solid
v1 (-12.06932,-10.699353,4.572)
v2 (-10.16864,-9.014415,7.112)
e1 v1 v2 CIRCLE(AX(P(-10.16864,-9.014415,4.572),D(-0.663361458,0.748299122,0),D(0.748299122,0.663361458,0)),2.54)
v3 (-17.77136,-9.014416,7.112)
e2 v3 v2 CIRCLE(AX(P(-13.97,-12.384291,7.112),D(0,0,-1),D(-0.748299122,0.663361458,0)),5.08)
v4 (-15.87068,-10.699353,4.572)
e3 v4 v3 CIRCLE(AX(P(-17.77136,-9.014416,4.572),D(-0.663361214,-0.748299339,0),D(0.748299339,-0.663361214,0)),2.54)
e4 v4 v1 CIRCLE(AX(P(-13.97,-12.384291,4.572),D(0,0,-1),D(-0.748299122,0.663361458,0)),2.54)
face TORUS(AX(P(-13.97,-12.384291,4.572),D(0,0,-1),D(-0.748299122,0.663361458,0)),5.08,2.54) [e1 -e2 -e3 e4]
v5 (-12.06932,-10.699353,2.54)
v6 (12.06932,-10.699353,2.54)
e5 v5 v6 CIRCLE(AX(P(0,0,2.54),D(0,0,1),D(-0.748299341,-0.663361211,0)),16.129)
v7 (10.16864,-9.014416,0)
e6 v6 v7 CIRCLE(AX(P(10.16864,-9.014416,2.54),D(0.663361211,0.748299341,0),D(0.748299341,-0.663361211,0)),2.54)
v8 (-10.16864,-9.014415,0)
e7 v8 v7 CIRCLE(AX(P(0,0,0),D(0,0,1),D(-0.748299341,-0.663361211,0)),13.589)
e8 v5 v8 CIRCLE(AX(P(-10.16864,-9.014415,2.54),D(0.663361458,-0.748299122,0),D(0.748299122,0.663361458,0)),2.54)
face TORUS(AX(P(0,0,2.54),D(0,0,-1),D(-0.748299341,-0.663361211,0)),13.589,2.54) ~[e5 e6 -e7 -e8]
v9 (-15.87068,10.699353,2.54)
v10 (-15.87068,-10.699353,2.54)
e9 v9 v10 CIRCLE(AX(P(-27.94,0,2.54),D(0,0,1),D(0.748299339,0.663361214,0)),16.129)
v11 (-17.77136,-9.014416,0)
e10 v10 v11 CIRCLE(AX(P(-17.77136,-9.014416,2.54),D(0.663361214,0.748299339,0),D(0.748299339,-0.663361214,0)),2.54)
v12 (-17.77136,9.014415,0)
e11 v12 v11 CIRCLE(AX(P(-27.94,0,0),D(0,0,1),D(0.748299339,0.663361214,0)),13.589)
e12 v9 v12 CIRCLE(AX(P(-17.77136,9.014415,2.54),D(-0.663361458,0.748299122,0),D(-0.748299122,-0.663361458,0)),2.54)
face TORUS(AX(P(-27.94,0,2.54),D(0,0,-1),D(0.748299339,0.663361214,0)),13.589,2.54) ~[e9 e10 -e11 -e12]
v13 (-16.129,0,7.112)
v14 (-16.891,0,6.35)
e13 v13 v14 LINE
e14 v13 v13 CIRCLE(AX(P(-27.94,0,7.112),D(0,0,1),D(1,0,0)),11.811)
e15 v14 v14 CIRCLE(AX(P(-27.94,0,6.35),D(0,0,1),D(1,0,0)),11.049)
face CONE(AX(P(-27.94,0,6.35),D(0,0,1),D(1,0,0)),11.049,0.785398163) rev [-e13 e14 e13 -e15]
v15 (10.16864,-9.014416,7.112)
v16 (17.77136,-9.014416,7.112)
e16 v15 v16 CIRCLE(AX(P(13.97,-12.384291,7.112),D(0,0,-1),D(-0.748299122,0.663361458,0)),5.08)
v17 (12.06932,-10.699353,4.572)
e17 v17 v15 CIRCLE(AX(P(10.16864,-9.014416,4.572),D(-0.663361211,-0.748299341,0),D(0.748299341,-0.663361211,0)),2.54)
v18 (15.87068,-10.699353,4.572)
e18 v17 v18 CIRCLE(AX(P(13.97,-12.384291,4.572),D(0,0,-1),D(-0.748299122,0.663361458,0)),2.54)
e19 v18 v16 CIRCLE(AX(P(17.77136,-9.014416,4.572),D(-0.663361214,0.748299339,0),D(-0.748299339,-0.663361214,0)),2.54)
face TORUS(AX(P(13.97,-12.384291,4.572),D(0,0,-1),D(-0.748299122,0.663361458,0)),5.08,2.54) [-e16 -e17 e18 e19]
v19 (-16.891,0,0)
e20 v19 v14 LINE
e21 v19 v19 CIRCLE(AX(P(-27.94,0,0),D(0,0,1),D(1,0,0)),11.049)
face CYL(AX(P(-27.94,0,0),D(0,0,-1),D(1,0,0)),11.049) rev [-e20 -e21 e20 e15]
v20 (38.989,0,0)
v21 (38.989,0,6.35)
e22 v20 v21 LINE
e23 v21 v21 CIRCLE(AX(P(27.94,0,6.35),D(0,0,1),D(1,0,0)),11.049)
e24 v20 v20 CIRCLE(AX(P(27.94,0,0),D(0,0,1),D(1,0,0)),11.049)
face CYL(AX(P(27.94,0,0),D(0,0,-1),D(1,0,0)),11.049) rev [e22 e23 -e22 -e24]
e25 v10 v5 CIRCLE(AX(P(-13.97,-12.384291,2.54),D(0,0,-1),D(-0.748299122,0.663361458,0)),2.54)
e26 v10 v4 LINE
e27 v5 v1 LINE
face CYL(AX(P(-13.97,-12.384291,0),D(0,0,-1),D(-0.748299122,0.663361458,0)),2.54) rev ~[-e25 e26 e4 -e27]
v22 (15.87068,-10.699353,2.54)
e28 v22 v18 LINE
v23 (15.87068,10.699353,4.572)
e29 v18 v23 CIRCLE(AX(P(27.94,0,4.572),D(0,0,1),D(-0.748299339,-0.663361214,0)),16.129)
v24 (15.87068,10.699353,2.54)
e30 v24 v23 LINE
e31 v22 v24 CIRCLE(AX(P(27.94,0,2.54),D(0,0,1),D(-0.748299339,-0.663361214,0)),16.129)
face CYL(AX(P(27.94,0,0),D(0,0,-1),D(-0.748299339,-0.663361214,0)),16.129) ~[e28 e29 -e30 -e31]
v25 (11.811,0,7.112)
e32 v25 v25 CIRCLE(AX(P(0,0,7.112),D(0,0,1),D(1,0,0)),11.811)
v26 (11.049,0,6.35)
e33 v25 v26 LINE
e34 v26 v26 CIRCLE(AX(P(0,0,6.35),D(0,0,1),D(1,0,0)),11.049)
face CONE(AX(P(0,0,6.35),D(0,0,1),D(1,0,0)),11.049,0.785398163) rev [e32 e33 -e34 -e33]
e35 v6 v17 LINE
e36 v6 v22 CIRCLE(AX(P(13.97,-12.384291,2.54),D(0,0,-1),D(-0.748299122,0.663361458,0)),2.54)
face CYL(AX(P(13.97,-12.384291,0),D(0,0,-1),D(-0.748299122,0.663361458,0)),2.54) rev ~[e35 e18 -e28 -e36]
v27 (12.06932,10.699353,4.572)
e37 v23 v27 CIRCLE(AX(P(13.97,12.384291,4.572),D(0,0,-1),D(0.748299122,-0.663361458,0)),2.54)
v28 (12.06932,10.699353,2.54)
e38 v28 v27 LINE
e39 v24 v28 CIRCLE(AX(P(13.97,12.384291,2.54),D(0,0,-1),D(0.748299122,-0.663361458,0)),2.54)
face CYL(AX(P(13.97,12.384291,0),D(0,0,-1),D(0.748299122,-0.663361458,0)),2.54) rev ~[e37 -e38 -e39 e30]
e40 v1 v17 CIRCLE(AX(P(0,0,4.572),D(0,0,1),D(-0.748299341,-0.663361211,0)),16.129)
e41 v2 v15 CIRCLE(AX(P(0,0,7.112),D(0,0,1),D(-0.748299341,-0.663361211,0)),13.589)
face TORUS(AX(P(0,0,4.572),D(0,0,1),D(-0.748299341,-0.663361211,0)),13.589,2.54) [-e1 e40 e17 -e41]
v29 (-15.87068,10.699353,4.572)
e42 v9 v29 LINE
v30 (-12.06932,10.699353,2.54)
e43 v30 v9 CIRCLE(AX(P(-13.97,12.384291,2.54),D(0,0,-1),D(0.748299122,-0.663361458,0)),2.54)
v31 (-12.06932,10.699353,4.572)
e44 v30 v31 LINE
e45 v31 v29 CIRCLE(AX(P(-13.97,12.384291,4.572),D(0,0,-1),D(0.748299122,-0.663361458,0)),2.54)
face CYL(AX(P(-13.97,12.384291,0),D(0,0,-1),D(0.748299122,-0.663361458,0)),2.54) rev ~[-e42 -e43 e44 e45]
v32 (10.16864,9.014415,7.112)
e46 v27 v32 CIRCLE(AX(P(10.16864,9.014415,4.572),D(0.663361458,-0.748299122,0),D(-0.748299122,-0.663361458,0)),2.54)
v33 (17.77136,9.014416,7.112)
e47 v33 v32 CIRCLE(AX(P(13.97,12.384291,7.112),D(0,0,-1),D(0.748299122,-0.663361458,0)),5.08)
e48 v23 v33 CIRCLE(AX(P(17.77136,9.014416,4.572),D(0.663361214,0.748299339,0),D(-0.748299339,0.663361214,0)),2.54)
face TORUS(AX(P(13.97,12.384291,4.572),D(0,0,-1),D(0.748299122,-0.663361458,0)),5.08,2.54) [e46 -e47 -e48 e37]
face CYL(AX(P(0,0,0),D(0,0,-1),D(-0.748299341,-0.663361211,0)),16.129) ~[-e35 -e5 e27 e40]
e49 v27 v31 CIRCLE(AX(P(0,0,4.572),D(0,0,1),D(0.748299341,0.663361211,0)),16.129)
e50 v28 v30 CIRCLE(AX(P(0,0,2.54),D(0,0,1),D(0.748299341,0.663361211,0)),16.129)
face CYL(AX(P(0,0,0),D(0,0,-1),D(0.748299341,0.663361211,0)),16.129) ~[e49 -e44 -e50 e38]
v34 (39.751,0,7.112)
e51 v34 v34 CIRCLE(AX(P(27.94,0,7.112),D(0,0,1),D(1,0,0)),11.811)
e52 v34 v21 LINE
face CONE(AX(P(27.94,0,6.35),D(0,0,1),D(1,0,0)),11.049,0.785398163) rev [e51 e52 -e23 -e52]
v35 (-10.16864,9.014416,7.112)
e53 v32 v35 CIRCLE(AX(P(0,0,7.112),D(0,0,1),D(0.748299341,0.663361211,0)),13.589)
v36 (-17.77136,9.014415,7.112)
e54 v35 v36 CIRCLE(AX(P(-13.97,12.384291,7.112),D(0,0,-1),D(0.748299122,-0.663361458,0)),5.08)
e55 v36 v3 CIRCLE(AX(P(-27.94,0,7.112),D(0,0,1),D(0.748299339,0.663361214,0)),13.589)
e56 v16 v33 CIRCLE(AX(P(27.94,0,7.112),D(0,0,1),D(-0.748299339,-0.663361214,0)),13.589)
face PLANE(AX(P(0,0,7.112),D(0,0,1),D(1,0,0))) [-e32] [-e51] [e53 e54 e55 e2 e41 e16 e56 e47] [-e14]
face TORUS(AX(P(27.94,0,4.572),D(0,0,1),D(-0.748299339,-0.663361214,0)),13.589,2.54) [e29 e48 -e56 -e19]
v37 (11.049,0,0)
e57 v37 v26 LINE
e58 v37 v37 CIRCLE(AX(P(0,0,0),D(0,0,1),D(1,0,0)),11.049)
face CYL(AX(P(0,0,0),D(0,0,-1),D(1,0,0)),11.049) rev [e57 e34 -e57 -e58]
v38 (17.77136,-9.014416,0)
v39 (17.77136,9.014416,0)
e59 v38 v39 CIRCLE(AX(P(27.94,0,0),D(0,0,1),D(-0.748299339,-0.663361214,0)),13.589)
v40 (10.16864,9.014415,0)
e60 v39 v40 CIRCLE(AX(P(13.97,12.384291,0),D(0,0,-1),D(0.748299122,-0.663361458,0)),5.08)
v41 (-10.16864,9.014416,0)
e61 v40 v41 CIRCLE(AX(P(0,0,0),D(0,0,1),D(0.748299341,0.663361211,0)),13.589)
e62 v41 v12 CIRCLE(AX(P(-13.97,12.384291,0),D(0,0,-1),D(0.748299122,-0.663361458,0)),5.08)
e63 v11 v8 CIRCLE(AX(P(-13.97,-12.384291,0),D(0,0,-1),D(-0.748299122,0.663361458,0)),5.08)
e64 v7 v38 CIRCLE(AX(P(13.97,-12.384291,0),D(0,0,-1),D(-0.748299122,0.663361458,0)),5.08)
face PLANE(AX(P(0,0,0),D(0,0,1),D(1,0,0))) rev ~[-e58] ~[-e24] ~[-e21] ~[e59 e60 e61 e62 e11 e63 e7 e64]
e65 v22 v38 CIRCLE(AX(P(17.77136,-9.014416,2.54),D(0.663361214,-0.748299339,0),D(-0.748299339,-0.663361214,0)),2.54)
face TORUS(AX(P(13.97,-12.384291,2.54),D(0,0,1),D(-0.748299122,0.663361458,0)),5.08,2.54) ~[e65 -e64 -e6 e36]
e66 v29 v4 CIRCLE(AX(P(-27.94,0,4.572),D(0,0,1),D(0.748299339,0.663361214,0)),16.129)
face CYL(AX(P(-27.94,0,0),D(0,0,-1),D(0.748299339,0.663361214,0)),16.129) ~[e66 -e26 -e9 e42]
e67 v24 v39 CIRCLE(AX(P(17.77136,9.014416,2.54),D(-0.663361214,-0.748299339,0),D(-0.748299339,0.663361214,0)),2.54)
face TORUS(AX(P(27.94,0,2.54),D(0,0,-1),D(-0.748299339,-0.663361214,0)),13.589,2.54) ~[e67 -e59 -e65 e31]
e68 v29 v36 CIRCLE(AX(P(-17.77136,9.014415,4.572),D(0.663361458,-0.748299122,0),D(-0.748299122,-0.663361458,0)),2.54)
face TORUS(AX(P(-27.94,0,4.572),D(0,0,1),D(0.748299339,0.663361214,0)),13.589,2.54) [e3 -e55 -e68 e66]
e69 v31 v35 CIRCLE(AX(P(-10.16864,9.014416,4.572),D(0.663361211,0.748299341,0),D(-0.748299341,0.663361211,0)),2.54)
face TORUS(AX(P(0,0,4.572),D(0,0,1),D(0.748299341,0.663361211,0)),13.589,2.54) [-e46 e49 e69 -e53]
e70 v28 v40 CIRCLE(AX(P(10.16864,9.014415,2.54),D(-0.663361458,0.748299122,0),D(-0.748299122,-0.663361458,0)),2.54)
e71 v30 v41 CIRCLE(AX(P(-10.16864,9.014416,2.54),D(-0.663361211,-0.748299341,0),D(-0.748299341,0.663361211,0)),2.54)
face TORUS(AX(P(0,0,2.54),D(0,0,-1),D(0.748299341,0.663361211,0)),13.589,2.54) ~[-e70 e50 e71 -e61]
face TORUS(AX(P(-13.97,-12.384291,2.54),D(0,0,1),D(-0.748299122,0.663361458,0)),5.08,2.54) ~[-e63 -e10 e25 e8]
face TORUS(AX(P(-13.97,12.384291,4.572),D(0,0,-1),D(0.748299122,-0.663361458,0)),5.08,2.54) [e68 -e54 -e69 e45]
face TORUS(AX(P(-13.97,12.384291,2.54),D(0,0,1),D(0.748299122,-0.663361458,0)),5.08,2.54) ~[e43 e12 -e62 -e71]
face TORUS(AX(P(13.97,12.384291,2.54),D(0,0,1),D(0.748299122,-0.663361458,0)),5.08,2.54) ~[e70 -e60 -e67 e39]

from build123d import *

# Parameters (mm, degrees)
F0_R     = 11.049
F1_DEPTH = 7.112
F2_R     = 2.54
F3_SIZE  = 0.762


with BuildPart() as f1:
    # F0 (on Top) → F1 (new body)
    with BuildSketch(Plane.XY):
        with BuildLine():
            ThreePointArc((-15.87068, -10.699353), (-13.97, -9.844291), (-12.06932, -10.699353))
            ThreePointArc((-12.06932, -10.699353), (0, -16.129), (12.06932, -10.699353))
            ThreePointArc((12.06932, -10.699353), (13.97, -9.844291), (15.87068, -10.699353))
            ThreePointArc((15.87068, -10.699353), (44.069, 0), (15.87068, 10.699353))
            ThreePointArc((15.87068, 10.699353), (13.97, 9.844291), (12.06932, 10.699353))
            ThreePointArc((12.06932, 10.699353), (0, 16.129), (-12.06932, 10.699353))
            ThreePointArc((-12.06932, 10.699353), (-13.97, 9.844291), (-15.87068, 10.699353))
            ThreePointArc((-15.87068, 10.699353), (-44.069, 0), (-15.87068, -10.699353))
        make_face()
        with Locations((-27.94, 0)):
            Circle(F0_R, mode=Mode.SUBTRACT)
        Circle(F0_R, mode=Mode.SUBTRACT)
        with Locations((27.94, 0)):
            Circle(F0_R, mode=Mode.SUBTRACT)
    extrude(amount=F1_DEPTH)

    # F2
    f2_edges = [f1.edges().sort_by_distance(p)[0] for p in [
        (44.069, 0, 7.112),
        (44.069, 0, 0),
    ]]
    fillet(f2_edges, radius=F2_R)

    # F3
    f3_edges = [f1.edges().sort_by_distance(p)[0] for p in [
        (-38.989, 0, 7.112),
        (-11.049, 0, 7.112),
        (16.891, 0, 7.112),
    ]]
    chamfer(f3_edges, length=F3_SIZE)


solid = f1.part
